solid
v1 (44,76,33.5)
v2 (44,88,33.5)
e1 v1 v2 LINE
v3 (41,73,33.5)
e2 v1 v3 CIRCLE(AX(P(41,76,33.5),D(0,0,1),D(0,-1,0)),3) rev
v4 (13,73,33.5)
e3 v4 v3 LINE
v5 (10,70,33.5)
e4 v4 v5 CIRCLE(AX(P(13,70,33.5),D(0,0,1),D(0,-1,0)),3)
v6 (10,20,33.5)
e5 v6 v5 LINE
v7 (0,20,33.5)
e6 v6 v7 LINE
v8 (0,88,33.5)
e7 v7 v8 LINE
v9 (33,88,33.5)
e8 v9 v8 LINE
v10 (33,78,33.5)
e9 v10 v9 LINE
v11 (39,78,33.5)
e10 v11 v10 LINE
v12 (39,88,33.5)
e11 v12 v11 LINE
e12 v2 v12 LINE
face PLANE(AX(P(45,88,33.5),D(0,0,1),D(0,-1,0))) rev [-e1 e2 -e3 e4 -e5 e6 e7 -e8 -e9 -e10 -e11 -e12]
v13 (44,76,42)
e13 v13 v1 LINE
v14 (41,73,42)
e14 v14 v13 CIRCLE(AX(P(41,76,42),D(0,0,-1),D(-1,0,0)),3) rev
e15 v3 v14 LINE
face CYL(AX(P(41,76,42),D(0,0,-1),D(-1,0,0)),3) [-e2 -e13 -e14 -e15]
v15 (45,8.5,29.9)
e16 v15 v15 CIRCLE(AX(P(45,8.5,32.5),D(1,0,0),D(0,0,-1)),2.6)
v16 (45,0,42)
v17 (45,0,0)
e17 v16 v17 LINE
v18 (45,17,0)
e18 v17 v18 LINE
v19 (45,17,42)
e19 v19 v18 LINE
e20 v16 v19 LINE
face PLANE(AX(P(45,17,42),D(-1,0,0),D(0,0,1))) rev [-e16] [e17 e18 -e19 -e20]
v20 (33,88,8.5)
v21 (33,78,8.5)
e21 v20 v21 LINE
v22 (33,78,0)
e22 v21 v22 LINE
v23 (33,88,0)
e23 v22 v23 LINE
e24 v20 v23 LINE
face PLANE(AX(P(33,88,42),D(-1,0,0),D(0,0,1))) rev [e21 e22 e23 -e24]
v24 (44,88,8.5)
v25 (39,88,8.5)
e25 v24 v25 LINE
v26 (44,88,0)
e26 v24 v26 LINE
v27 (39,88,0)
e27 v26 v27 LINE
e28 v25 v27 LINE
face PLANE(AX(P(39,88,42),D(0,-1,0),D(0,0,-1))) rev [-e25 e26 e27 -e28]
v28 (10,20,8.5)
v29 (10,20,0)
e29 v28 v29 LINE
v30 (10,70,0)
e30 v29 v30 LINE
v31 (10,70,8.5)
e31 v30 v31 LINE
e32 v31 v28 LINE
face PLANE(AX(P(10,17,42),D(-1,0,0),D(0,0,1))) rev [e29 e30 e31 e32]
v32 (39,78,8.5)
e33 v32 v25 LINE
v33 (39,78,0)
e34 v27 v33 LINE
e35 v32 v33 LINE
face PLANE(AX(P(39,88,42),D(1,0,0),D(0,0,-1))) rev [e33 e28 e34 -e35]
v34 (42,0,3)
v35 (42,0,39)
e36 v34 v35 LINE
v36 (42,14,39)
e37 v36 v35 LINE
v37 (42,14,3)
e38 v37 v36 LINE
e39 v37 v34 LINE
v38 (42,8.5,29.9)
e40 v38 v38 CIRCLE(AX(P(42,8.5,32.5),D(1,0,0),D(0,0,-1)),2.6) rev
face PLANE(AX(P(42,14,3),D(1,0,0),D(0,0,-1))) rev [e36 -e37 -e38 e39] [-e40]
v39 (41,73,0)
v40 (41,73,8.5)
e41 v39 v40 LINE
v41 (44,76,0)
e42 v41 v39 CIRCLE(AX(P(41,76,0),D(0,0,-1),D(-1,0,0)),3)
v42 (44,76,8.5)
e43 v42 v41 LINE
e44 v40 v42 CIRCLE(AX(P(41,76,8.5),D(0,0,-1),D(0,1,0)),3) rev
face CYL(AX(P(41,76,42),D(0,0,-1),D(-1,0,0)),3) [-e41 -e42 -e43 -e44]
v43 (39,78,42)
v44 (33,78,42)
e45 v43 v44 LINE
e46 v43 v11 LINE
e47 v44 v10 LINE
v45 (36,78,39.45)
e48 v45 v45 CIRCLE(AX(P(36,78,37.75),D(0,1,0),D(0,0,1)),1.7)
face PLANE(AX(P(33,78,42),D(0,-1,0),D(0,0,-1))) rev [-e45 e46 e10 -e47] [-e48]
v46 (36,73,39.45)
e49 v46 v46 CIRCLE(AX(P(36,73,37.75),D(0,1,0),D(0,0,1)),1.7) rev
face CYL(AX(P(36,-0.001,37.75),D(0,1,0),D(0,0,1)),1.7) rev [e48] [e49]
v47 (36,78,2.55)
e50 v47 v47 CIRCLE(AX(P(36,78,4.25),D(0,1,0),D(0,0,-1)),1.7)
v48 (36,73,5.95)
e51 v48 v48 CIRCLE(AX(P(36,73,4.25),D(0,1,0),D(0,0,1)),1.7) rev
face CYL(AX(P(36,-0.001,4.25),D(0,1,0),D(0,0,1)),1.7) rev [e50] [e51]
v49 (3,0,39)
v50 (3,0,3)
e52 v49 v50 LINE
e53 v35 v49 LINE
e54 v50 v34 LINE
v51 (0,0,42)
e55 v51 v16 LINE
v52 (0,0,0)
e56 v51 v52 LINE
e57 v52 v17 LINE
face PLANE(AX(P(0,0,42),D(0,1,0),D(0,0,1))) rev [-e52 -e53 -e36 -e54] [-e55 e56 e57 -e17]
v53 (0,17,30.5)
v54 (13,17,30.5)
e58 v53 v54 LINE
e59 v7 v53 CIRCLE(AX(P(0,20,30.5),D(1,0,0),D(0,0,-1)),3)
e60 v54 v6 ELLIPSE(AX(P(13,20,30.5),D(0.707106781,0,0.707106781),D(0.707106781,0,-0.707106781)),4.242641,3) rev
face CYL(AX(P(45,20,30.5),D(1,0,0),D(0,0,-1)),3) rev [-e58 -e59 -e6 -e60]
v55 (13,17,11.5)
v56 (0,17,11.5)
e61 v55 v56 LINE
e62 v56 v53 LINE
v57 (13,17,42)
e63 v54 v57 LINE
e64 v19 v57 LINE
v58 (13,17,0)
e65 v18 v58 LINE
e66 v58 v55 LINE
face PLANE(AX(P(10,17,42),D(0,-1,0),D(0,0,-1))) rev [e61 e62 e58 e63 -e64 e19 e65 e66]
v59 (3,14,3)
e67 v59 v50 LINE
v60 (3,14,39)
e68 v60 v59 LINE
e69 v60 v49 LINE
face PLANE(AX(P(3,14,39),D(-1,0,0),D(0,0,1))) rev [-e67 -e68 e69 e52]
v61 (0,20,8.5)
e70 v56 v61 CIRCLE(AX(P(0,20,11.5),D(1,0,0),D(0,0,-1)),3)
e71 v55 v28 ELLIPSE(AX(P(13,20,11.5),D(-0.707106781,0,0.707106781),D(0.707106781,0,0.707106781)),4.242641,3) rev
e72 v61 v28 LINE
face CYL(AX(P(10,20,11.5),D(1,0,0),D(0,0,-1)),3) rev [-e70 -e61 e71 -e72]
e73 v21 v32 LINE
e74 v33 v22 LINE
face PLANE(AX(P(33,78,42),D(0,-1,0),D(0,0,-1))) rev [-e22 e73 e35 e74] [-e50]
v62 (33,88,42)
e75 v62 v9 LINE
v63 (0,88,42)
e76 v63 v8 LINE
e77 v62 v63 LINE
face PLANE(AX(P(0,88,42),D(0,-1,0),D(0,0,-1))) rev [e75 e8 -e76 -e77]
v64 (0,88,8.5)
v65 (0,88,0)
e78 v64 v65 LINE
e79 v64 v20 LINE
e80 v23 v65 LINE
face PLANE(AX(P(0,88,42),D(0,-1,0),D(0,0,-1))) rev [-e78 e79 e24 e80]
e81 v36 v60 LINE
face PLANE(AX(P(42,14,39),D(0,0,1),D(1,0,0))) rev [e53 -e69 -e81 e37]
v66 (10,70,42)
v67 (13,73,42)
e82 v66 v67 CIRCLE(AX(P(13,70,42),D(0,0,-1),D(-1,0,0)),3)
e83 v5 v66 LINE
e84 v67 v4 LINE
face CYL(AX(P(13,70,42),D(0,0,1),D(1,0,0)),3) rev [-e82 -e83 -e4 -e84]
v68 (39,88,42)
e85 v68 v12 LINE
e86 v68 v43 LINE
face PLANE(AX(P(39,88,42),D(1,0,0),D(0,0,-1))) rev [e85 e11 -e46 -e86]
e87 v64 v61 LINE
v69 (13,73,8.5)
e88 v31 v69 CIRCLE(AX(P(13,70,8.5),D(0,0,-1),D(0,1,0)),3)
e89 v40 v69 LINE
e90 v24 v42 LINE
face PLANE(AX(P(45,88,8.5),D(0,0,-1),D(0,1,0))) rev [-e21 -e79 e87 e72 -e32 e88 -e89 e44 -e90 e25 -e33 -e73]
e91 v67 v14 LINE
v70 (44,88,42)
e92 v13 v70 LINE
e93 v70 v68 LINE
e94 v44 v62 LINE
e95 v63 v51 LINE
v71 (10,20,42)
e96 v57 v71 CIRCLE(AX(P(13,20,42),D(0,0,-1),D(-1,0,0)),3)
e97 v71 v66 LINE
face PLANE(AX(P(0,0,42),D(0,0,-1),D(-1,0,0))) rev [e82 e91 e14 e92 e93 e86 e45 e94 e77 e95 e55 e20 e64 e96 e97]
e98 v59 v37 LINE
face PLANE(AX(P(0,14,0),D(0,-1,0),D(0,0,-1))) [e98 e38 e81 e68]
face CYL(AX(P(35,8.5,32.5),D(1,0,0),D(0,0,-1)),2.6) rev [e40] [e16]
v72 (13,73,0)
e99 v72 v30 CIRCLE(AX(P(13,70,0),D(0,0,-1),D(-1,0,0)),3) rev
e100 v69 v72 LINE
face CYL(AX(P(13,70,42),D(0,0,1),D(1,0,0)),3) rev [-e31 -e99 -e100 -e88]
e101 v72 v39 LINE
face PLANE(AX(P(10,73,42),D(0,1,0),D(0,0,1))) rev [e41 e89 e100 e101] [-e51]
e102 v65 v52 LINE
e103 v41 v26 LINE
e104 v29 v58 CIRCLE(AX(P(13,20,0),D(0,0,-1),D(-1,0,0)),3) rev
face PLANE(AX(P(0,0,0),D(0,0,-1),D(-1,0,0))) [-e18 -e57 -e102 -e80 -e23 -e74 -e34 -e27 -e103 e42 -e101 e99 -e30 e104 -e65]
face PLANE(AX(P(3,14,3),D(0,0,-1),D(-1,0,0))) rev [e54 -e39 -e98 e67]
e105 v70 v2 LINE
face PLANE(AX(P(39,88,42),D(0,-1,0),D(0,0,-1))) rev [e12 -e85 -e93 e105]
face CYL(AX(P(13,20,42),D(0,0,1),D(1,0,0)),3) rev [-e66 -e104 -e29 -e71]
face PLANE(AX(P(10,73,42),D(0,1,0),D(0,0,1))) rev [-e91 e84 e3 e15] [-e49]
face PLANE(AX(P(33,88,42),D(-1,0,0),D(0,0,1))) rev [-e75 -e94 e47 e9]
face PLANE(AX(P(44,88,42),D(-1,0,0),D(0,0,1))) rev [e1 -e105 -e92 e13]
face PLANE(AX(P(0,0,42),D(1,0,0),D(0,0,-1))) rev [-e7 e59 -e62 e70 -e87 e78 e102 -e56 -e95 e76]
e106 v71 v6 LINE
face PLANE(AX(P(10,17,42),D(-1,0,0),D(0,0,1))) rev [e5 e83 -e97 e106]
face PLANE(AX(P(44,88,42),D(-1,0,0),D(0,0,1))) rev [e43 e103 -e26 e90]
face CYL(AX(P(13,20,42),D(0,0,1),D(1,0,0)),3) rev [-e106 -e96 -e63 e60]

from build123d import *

# Parameters (mm, degrees)
BOSS_EXTRUDE1_DEPTH = 42
SKETCH2_W           = 25
SKETCH2_H           = 71
CUT_EXTRUDE1_DEPTH  = 108.391806019
CUT_EXTRUDE2_REACH  = 101.363
SKETCH4_R           = 1.7
SKETCH7_R           = 2.6
CUT_EXTRUDE3_DEPTH  = 10
FILLET1_R           = 3
FILLET2_R           = 3
SKETCH8_W           = 39
SKETCH8_H           = 36
CUT_EXTRUDE4_DEPTH  = 14


with BuildPart() as part:
    # Sketch1 → Boss-Extrude1 (new body)
    with BuildSketch(Plane.XY):
        Polygon((10, 17), (45, 17), (45, 0), (0, 0), (0, 88), (33, 88), (33, 78), (39, 78), (39, 88), (44, 88), (44, 73), (10, 73), align=None)
    extrude(amount=BOSS_EXTRUDE1_DEPTH)

    # Sketch2 → Cut-Extrude1 (cut, through all)
    with BuildSketch(Plane.ZY):
        with Locations((21, 52.5)):
            Rectangle(SKETCH2_W, SKETCH2_H)
    extrude(amount=-CUT_EXTRUDE1_DEPTH, mode=Mode.SUBTRACT)

    # Sketch4 → Cut-Extrude2 (cut, up to next)
    with BuildSketch(Plane(origin=(0, 78, 0), x_dir=(1, 0, 0), z_dir=(0, 1, 0)), mode=Mode.PRIVATE) as cut_extrude2_sk1:
        with Locations(Location((36, -37.75, 0), (0, 0, 270))):
            Circle(SKETCH4_R)
    cut_extrude2_tool1 = extrude(cut_extrude2_sk1.sketch, amount=-CUT_EXTRUDE2_REACH, mode=Mode.PRIVATE) & part.part
    # Sketch4 → Cut-Extrude2 (cut, up to next)
    with BuildSketch(Plane(origin=(0, 78, 0), x_dir=(1, 0, 0), z_dir=(0, 1, 0)), mode=Mode.PRIVATE) as cut_extrude2_sk2:
        with Locations(Location((36, -4.25, 0), (0, 0, 270))):
            Circle(SKETCH4_R)
    cut_extrude2_tool2 = extrude(cut_extrude2_sk2.sketch, amount=-CUT_EXTRUDE2_REACH, mode=Mode.PRIVATE) & part.part
    add(cut_extrude2_tool1.solids().sort_by_distance((36, 78, 37.75))[0], mode=Mode.SUBTRACT)
    add(cut_extrude2_tool2.solids().sort_by_distance((36, 78, 4.25))[0], mode=Mode.SUBTRACT)

    # Sketch7 → Cut-Extrude3 (cut)
    with BuildSketch(Plane(origin=(45, 0, 0), x_dir=(0, 0, -1), z_dir=(1, 0, 0))):
        with Locations((-32.5, 8.5)):
            Circle(SKETCH7_R)
    extrude(amount=-CUT_EXTRUDE3_DEPTH, mode=Mode.SUBTRACT)

    # Fillet1
    fillet1_edges = [part.edges().sort_by_distance(p)[0] for p in [
        (10, 17, 37.75),
        (10, 17, 4.25),
        (5, 17, 33.5),
        (5, 17, 8.5),
    ]]
    fillet(fillet1_edges, radius=FILLET1_R)

    # Fillet2
    fillet2_edges = [part.edges().sort_by_distance(p)[0] for p in [
        (44, 73, 37.75),
        (10, 73, 37.75),
        (44, 73, 4.25),
        (10, 73, 4.25),
    ]]
    fillet(fillet2_edges, radius=FILLET2_R)

    # Sketch8 → Cut-Extrude4 (cut)
    with BuildSketch(Plane.XZ):
        with Locations((22.5, 21)):
            Rectangle(SKETCH8_W, SKETCH8_H)
    extrude(amount=-CUT_EXTRUDE4_DEPTH, mode=Mode.SUBTRACT)


solid = part.part
